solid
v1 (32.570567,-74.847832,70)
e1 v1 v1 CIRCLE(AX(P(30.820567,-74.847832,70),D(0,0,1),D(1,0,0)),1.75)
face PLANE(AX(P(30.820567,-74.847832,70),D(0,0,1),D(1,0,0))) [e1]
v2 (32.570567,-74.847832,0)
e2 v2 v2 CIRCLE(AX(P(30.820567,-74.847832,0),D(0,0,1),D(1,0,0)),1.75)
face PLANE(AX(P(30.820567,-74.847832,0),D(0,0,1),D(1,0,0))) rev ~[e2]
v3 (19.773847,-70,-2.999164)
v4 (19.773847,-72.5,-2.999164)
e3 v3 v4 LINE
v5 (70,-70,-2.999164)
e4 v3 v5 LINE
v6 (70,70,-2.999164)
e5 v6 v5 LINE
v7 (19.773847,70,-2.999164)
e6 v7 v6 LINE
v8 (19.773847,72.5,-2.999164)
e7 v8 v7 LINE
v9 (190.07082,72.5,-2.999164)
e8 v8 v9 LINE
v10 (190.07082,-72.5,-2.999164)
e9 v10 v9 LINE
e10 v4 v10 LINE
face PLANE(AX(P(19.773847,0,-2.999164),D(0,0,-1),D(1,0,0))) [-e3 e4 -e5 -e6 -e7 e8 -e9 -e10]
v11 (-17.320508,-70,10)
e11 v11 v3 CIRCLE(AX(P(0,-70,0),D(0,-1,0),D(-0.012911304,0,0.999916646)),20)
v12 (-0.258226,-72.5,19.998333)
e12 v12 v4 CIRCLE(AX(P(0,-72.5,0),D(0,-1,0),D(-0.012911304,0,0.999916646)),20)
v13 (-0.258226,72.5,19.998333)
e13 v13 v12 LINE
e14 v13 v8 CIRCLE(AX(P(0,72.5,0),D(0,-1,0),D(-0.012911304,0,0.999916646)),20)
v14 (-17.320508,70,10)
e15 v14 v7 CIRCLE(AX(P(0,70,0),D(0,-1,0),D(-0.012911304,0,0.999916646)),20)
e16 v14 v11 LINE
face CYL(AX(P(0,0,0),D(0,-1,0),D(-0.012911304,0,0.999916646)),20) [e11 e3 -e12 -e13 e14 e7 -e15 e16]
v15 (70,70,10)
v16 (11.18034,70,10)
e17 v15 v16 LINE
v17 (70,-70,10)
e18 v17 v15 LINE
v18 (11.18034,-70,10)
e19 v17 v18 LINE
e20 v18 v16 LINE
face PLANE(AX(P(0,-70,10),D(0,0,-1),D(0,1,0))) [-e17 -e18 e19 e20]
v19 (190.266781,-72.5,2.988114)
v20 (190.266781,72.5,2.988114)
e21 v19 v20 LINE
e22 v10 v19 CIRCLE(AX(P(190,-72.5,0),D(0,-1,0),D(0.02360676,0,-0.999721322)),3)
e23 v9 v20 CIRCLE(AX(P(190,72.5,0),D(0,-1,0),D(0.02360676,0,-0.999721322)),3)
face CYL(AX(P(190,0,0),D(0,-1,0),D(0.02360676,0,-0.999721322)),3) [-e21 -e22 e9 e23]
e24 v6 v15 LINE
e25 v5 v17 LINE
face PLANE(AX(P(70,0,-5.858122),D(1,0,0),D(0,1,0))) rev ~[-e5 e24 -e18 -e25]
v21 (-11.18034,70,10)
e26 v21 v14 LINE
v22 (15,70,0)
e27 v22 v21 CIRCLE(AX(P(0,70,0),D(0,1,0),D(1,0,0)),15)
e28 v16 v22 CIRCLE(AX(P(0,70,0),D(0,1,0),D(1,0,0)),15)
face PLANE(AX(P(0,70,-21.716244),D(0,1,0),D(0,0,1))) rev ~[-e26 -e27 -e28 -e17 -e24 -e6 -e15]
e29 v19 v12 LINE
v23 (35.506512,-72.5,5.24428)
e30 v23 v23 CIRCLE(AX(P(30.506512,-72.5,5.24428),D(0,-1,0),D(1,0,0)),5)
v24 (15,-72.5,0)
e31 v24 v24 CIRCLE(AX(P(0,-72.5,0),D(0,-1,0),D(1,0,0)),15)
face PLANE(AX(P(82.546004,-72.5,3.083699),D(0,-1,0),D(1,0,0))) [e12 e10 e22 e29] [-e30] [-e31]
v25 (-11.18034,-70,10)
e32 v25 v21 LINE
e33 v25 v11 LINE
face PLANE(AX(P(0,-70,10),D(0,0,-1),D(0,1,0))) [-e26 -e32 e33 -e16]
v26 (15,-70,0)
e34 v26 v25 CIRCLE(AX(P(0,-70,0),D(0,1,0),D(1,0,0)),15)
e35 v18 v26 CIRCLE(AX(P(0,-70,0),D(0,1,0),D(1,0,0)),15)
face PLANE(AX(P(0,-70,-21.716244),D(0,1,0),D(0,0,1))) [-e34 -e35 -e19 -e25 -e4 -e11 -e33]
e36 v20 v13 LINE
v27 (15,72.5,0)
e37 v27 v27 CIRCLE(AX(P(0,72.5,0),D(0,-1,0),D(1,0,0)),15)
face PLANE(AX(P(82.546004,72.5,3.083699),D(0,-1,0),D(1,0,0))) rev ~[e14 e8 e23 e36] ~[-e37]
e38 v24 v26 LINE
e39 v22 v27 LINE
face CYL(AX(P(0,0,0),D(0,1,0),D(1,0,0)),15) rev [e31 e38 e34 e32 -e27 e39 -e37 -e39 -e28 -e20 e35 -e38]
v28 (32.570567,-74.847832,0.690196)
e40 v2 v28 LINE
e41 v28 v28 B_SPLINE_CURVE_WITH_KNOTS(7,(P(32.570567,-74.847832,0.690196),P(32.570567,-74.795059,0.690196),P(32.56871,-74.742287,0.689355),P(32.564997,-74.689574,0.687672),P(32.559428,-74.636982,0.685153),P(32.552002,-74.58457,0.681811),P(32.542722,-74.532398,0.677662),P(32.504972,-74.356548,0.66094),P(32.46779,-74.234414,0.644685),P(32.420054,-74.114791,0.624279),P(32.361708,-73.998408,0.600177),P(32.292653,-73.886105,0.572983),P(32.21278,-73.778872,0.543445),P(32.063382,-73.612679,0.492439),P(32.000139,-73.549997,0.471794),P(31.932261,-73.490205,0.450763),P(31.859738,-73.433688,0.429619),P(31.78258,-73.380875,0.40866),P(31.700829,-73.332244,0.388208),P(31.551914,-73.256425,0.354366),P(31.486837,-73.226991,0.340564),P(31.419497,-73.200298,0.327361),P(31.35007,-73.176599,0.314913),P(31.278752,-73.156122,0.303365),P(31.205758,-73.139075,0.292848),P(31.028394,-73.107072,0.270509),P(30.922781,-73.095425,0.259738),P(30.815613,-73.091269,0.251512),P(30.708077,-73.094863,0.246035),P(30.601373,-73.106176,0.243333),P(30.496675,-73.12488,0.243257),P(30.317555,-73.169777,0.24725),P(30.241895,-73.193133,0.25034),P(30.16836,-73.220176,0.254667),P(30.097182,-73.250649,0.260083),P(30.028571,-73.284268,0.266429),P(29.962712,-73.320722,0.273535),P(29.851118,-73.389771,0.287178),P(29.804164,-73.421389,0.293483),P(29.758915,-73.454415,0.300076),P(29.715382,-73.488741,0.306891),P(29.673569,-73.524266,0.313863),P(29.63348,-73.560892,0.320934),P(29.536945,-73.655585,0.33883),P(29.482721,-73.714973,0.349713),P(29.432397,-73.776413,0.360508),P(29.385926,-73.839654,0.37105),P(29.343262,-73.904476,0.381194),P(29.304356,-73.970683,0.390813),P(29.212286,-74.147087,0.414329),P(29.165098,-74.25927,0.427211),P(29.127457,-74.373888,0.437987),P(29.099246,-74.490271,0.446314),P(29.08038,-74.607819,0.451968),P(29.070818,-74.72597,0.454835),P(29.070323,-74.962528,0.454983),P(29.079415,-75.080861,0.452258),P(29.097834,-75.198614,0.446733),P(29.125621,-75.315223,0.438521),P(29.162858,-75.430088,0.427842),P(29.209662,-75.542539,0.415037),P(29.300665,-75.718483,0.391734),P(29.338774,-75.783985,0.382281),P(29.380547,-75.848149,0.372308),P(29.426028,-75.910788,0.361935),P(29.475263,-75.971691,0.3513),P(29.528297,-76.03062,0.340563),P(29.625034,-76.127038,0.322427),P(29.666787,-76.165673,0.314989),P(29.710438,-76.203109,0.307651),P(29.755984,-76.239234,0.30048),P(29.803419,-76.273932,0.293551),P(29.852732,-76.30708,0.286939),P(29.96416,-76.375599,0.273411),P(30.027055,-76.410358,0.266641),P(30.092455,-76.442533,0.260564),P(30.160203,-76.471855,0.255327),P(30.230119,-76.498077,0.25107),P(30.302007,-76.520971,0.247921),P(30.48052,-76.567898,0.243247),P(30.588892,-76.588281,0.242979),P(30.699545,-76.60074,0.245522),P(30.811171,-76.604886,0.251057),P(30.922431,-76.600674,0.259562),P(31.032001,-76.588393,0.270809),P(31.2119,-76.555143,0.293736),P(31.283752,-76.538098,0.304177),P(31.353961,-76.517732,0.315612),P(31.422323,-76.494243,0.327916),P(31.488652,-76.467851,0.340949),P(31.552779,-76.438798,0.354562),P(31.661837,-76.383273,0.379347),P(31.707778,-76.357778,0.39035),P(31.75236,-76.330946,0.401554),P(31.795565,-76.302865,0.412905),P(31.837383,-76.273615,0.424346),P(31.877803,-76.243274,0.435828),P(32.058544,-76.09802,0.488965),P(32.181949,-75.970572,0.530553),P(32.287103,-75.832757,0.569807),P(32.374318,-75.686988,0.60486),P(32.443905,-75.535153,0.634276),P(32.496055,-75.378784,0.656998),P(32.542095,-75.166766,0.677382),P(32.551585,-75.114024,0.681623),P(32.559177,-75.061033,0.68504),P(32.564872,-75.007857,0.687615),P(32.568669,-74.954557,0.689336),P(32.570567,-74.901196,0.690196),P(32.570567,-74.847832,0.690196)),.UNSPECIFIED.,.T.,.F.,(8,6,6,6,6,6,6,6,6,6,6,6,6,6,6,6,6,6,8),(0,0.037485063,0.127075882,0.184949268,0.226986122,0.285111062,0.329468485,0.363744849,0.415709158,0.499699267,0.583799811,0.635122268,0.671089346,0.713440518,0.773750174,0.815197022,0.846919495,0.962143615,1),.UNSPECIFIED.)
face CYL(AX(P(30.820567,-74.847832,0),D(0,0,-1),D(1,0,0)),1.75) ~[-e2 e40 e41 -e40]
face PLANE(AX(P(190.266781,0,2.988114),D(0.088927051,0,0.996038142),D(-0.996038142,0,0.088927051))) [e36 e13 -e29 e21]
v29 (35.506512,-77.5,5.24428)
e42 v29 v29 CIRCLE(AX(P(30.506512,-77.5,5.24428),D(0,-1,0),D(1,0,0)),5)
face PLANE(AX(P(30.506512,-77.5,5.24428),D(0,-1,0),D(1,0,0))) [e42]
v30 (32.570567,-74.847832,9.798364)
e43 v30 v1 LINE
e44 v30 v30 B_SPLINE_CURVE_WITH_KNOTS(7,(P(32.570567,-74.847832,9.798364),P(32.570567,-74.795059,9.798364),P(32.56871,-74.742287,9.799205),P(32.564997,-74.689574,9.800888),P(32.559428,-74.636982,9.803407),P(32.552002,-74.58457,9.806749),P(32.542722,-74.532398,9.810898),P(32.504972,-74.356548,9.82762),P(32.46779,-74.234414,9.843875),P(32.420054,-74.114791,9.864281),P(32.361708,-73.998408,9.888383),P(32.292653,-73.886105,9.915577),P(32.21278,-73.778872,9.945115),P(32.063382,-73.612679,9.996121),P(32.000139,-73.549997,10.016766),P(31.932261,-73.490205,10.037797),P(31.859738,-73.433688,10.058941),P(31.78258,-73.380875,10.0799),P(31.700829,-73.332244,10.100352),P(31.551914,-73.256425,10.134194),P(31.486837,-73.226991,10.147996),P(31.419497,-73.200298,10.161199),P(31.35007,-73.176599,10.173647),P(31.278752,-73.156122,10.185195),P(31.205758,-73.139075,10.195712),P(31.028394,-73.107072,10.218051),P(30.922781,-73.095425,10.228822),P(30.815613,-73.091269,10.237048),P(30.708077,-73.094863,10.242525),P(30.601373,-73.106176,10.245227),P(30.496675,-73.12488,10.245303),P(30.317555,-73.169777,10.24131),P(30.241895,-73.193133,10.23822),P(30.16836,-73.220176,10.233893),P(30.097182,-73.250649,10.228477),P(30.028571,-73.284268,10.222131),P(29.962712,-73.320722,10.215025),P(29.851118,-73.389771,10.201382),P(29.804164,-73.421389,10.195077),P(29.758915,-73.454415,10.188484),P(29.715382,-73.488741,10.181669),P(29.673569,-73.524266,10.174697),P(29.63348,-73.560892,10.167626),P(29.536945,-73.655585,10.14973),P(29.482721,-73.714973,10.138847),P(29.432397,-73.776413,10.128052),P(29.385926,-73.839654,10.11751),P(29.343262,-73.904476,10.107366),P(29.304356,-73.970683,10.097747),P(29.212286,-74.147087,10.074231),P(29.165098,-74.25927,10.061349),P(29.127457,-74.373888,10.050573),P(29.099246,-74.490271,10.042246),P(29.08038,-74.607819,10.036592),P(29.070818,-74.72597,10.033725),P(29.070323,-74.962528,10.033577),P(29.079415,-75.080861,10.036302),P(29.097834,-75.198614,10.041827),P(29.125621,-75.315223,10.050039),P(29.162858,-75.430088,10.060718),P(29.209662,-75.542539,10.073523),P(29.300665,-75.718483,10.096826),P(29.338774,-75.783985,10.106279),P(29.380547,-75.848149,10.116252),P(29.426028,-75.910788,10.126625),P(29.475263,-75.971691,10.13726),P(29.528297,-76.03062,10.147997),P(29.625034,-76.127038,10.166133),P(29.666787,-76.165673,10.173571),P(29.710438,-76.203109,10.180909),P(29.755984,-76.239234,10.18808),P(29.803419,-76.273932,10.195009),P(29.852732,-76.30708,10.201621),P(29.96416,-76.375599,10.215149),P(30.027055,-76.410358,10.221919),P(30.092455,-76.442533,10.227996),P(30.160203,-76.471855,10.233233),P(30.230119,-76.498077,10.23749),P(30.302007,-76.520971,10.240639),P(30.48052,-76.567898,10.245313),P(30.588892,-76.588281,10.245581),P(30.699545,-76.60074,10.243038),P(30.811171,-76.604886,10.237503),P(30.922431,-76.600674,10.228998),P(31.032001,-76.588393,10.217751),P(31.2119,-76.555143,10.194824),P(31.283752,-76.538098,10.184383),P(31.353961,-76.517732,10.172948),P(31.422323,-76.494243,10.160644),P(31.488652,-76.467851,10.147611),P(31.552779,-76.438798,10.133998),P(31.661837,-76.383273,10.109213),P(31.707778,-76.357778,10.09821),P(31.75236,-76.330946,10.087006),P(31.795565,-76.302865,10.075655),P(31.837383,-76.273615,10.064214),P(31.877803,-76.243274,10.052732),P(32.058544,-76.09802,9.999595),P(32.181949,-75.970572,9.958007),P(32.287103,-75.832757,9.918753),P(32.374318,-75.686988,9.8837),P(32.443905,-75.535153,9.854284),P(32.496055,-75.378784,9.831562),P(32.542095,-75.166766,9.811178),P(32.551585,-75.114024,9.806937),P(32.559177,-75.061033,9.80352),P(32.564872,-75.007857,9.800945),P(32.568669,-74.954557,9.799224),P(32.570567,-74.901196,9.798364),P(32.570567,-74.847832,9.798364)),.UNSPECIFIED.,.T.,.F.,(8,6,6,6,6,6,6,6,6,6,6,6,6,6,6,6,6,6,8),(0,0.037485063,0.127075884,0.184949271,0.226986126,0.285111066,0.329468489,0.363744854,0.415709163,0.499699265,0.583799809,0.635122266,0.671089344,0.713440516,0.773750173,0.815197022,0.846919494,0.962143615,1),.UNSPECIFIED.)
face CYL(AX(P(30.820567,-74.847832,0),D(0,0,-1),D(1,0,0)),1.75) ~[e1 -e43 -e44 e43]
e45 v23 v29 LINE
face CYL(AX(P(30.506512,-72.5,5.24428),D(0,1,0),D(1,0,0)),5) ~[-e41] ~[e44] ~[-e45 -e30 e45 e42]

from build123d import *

# Parameters (mm, degrees)
F0_R     = 15
F1_DEPTH = 72.5
F2_W     = 140
F2_H     = 31.716244
F3_DEPTH = 70
F4_R     = 5
F5_DEPTH = 5
F6_R     = 1.75
F7_DEPTH = 70


with BuildPart() as f1:
    # F0 (on Front) → F1 (new body, symmetric)
    with BuildSketch(Plane.XZ):
        with BuildLine():
            Line((190.266781, 2.988114), (-0.258226, 19.998333))
            ThreePointArc((-0.258226, 19.998333), (-15.080984, -13.136359), (19.773847, -2.999164))
            Line((19.773847, -2.999164), (189.92918, -2.999164))
            Line((189.92918, -2.999164), (190.07082, -2.999164))
            ThreePointArc((190.07082, -2.999164), (192.998394, -0.098136), (190.266781, 2.988114))
        make_face()
        Circle(F0_R, mode=Mode.SUBTRACT)
    extrude(amount=F1_DEPTH, both=True)

    # F2 (on Right) → F3 (cut, symmetric)
    with BuildSketch(Plane.YZ):
        with Locations((0, -5.858122)):
            Rectangle(F2_W, F2_H)
    extrude(amount=F3_DEPTH, both=True, mode=Mode.SUBTRACT)

    # F4 (on face) → F5 (join)
    with BuildSketch(Plane.XZ.offset(72.5)):
        with Locations((30.506512, 5.24428)):
            Circle(F4_R)
    extrude(amount=F5_DEPTH)

    # F6 (on Top) → F7 (join)
    with BuildSketch(Plane.XY):
        with Locations((30.820567, -74.847832)):
            Circle(F6_R)
    extrude(amount=F7_DEPTH)


solid = f1.part
